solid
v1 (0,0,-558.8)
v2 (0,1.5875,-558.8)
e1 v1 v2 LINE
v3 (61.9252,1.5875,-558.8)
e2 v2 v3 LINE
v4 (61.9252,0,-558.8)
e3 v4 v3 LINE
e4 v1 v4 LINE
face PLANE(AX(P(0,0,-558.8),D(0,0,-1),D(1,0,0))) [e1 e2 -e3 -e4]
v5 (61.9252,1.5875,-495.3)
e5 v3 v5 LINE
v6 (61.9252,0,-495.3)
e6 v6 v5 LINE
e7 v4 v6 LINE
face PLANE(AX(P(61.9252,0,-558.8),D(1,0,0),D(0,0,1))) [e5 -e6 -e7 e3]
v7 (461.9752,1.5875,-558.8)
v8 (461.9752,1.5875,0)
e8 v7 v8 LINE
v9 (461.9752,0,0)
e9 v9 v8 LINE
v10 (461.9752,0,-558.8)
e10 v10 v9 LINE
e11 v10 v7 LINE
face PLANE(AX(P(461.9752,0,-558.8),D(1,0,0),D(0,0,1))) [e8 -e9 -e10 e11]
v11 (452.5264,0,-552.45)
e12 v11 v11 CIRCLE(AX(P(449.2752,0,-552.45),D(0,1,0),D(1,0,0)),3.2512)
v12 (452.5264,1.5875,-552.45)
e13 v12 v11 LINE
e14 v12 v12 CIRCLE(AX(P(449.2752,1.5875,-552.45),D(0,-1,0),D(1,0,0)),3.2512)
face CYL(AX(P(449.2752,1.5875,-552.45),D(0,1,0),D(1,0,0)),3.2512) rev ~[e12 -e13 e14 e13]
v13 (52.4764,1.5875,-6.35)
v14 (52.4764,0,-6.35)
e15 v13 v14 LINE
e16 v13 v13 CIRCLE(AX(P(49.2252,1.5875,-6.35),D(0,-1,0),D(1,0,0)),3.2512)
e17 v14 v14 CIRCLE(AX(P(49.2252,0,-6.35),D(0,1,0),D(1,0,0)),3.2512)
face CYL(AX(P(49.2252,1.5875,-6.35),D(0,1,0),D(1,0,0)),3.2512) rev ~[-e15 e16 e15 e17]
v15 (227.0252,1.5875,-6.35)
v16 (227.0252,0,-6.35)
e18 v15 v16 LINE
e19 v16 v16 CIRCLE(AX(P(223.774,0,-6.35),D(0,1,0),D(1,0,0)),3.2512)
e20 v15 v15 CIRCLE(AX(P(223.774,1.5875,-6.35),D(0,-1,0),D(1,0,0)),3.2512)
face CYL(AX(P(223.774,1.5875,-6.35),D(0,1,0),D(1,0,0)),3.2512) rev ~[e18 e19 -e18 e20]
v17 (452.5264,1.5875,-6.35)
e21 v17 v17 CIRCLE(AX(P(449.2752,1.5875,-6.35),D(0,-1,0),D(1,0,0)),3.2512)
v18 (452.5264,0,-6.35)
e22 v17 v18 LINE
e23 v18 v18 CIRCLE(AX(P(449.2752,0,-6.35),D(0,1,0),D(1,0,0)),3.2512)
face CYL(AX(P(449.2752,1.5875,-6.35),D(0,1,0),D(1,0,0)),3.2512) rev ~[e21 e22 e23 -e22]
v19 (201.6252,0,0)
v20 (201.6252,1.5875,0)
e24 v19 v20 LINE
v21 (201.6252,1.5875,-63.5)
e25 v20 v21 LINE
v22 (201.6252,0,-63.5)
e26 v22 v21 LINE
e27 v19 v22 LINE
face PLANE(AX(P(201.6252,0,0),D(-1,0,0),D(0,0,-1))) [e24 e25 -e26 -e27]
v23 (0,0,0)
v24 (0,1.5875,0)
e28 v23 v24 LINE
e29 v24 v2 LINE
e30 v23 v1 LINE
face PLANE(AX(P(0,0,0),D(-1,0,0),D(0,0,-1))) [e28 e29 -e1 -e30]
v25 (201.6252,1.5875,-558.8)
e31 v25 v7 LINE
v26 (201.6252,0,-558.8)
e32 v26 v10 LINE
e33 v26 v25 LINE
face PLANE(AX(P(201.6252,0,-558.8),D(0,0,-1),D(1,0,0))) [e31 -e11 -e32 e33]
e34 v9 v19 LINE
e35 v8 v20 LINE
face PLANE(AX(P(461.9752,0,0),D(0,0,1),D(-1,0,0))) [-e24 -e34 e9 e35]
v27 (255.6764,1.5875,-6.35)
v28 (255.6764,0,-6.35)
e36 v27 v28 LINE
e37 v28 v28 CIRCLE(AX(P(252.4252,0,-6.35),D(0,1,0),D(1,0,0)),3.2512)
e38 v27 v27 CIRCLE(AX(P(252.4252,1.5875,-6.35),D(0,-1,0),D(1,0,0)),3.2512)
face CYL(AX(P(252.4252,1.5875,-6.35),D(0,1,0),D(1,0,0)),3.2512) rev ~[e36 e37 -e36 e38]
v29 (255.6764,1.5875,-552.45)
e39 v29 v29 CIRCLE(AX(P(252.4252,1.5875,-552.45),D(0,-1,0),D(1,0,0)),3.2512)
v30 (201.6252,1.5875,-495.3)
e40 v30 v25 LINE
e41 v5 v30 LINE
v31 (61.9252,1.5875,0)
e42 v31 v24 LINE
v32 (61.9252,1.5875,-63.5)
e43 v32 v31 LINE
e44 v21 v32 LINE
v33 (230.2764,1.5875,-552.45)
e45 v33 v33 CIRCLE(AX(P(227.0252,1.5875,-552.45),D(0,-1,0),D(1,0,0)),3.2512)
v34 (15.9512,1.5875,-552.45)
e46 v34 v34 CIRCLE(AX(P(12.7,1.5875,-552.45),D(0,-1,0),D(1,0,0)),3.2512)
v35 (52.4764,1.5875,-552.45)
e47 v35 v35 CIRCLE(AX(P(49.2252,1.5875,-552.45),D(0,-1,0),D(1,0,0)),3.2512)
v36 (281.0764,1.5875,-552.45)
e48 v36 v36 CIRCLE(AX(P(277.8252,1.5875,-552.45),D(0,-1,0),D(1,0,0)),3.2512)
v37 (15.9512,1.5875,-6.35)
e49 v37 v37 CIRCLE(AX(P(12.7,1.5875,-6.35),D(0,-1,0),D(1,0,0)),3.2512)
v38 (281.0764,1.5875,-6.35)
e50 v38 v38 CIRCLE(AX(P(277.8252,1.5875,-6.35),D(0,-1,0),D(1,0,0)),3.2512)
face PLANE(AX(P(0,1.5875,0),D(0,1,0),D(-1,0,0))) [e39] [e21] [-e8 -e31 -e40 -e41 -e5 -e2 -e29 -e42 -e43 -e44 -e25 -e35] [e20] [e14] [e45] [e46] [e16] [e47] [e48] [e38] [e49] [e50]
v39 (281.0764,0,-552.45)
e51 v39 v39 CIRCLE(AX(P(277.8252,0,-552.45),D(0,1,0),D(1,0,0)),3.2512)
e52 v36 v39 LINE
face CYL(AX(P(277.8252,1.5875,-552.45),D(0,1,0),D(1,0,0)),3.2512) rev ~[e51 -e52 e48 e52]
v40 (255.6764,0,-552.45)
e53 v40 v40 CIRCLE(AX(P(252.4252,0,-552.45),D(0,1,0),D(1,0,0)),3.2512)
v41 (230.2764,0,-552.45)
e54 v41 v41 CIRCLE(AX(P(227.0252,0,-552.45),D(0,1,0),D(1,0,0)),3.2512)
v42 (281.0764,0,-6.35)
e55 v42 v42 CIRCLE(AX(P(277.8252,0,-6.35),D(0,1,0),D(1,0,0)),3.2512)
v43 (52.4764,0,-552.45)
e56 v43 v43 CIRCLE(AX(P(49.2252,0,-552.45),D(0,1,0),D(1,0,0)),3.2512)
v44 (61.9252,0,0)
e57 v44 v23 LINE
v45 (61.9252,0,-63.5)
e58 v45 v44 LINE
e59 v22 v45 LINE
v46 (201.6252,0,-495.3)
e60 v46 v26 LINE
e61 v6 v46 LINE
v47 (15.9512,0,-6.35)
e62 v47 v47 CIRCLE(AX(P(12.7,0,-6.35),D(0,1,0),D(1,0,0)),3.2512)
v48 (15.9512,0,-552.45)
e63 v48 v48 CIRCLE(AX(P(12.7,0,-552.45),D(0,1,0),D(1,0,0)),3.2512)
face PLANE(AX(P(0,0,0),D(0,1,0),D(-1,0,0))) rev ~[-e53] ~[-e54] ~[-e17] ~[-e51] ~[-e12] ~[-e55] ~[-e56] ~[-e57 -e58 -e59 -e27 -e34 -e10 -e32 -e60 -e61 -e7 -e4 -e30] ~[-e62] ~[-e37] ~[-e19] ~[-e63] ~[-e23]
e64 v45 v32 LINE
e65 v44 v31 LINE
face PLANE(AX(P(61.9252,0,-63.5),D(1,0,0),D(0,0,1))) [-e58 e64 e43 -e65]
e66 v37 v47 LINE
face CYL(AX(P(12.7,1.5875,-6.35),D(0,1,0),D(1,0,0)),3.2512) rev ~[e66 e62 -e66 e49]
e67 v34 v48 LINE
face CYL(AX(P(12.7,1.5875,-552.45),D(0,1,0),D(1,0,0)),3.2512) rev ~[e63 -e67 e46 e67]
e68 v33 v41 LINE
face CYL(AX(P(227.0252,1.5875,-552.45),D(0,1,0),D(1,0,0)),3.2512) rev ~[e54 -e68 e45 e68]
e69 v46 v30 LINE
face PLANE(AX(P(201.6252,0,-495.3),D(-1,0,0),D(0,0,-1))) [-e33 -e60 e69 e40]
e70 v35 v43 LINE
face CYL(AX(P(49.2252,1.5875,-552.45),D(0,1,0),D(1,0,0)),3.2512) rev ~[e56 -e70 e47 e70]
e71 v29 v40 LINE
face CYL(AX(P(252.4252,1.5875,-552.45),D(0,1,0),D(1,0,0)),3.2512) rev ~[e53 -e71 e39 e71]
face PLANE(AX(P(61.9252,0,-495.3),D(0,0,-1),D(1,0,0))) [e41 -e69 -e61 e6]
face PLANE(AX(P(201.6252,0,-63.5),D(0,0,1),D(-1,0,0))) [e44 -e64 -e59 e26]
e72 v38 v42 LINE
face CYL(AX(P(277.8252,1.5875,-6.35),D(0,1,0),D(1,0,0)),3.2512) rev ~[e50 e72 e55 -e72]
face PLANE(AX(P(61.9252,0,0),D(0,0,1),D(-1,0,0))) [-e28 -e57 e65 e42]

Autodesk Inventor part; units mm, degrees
ref_plane "YZ Plane" through (0, 0, 0) normal (1, 0, 0) x (0, 1, 0)
ref_plane "XZ Plane" through (0, 0, 0) normal (0, 1, 0) x (-1, 0, 0)
ref_plane "XY Plane" through (0, 0, 0) normal (0, 0, 1) x (1, 0, 0)
sketch "Sketch1" plane through (0, 0, 0) normal (0, 1, 0) x (-1, 0, 0)
  point P0 (0, 0)
sketch "Sketch2" plane through (0, 0, 0) normal (0, 1, 0) x (-1, 0, 0)
  line L0 (-61.9252, 0) -> (0, 0)
  line L1 (0, 0) -> (0, -558.8)
  line L2 (0, -558.8) -> (-61.9252, -558.8)
  line L3 (-61.9252, -558.8) -> (-61.9252, -495.3)
  line L4 (-61.9252, -495.3) -> (-201.6252, -495.3)
  line L5 (-201.6252, -495.3) -> (-201.6252, -558.8)
  line L6 (-201.6252, -558.8) -> (-461.9752, -558.8)
  line L7 (-461.9752, -558.8) -> (-461.9752, 0)
  line L8 (-461.9752, 0) -> (-201.6252, 0)
  line L9 (-201.6252, 0) -> (-201.6252, -63.5)
  line L10 (-201.6252, -63.5) -> (-61.9252, -63.5)
  line L11 (-61.9252, -63.5) -> (-61.9252, 0)
  point P0 (0, 0)
  dimension "d1" = 558.8
  dimension "d2" = 139.7
  dimension "d3" = 61.9252
  dimension "d4" = 63.5
  dimension "d8" = 260.35
extrude "Extrusion1" add sketch "Sketch2" along normal blind 1.5875
sketch "Sketch3" plane through (0, 1.5875, 0) normal (0, 1, 0) x (1, 0, 0)
  line L0 (461.9752, 0) -> (461.9752, 558.8) projected
  line L1 (461.9752, 0) -> (461.9752, 12.7)
  line L2 (461.9752, 12.7) -> (201.6252, 12.7)
  line L3 (201.6252, 63.5) -> (201.6252, 0) projected
  line L4 (201.6252, 558.8) -> (461.9752, 558.8) projected
  line L5 (461.9752, 558.8) -> (461.9752, 546.1)
  line L6 (461.9752, 546.1) -> (201.6252, 546.1)
  line L7 (201.6252, 558.8) -> (201.6252, 495.3) projected
  line L8 (461.9752, 6.35) -> (201.6252, 6.35)
  line L9 (461.9752, 552.45) -> (201.6252, 552.45)
  line L10 (461.9752, 552.45) -> (449.2752, 552.45)
  line L11 (461.9752, 6.35) -> (449.2752, 6.35)
  line L12 (201.6252, 552.45) -> (227.0252, 552.45)
  line L13 (227.0252, 552.45) -> (252.4252, 552.45)
  line L14 (252.4252, 552.45) -> (277.8252, 552.45)
  line L15 (201.6252, 6.35) -> (227.0252, 6.35)
  line L16 (227.0252, 6.35) -> (252.4252, 6.35)
  line L17 (252.4252, 6.35) -> (277.8252, 6.35)
  line L18 (0, 558.8) -> (0, 0) projected
  line L19 (0, 552.45) -> (62.0515, 552.45)
  line L20 (0, 6.35) -> (62.0515, 6.35)
  line L21 (0, 552.45) -> (12.7, 552.45)
  line L22 (61.9252, 495.3) -> (61.9252, 558.8) projected
  line L23 (61.9252, 552.45) -> (49.2252, 552.45)
  circle A0 centre (49.2252, 552.45) radius 3.2512
  circle A1 centre (12.7, 552.45) radius 3.2512
  circle A2 centre (227.0252, 552.45) radius 3.2512
  circle A3 centre (252.4252, 552.45) radius 3.2512
  circle A4 centre (277.8252, 552.45) radius 3.2512
  circle A5 centre (449.2752, 552.45) radius 3.2512
  line L24 (461.9752, 6.35) -> (449.2752, 6.35)
  circle A6 centre (449.2752, 6.35) radius 3.2512
  line L25 (201.6252, 6.35) -> (227.0252, 6.35)
  circle A7 centre (223.774, 6.35) radius 3.2512
  circle A8 centre (252.4252, 6.35) radius 3.2512
  circle A9 centre (277.8252, 6.35) radius 3.2512
  circle A10 centre (49.2252, 6.35) radius 3.2512
  circle A11 centre (12.7, 6.35) radius 3.2512
  line L26 (449.2752, 558.8) -> (449.2752, 0)
  line L27 (449.2752, 558.8) -> (455.6252, 558.8)
  line L28 (455.6252, 558.8) -> (455.6252, 0)
  line L29 (461.9752, 0) -> (201.6252, 0) projected
  line L30 (455.6252, 546.1) -> (455.6252, 368.3)
  line L31 (455.6252, 368.3) -> (455.6252, 190.5)
  circle A12 centre (455.6252, 368.3) radius 3.2512
  circle A13 centre (455.6252, 190.5) radius 3.2512
  dimension "d9" = 12.7
  dimension "d10" = 12.7
  dimension "d11" = 12.7
  dimension "d12" = 25.4
  dimension "d13" = 25.4
  dimension "d14" = 25.4
  dimension "d15" = 12.7
  dimension "d16" = 12.7
  dimension "d17" = 6.5024
  dimension "d18" = 12.7
  dimension "d19" = 177.8
  dimension "d20" = 177.8
  dimension "d21" = 6.5024
extrude "Extrusion2" cut sketch "Sketch3" against normal blind 25.4 contours A6 L26 L8 | L8 L26 A6 | A6 L8 L26 | L8 A6 L26 | A9 L8 | L8 A9 | A7 L8 | L8 A7 | A5 L26 L9 | L9 L26 A5 | A5 L9 L26 | L9 A5 L26 | A8 L8 | L8 A8 | A2 L9 | L9 A2 | A4 L9 | L9 A4 | A3 L9 | L9 A3 | A10 L20 | L20 A10 | A11 L20 | L20 A11 | A0 L19 | L19 A0 | A1 L19 | L19 A1
properties part number "Belly Pan" material "Aluminum 6061"
